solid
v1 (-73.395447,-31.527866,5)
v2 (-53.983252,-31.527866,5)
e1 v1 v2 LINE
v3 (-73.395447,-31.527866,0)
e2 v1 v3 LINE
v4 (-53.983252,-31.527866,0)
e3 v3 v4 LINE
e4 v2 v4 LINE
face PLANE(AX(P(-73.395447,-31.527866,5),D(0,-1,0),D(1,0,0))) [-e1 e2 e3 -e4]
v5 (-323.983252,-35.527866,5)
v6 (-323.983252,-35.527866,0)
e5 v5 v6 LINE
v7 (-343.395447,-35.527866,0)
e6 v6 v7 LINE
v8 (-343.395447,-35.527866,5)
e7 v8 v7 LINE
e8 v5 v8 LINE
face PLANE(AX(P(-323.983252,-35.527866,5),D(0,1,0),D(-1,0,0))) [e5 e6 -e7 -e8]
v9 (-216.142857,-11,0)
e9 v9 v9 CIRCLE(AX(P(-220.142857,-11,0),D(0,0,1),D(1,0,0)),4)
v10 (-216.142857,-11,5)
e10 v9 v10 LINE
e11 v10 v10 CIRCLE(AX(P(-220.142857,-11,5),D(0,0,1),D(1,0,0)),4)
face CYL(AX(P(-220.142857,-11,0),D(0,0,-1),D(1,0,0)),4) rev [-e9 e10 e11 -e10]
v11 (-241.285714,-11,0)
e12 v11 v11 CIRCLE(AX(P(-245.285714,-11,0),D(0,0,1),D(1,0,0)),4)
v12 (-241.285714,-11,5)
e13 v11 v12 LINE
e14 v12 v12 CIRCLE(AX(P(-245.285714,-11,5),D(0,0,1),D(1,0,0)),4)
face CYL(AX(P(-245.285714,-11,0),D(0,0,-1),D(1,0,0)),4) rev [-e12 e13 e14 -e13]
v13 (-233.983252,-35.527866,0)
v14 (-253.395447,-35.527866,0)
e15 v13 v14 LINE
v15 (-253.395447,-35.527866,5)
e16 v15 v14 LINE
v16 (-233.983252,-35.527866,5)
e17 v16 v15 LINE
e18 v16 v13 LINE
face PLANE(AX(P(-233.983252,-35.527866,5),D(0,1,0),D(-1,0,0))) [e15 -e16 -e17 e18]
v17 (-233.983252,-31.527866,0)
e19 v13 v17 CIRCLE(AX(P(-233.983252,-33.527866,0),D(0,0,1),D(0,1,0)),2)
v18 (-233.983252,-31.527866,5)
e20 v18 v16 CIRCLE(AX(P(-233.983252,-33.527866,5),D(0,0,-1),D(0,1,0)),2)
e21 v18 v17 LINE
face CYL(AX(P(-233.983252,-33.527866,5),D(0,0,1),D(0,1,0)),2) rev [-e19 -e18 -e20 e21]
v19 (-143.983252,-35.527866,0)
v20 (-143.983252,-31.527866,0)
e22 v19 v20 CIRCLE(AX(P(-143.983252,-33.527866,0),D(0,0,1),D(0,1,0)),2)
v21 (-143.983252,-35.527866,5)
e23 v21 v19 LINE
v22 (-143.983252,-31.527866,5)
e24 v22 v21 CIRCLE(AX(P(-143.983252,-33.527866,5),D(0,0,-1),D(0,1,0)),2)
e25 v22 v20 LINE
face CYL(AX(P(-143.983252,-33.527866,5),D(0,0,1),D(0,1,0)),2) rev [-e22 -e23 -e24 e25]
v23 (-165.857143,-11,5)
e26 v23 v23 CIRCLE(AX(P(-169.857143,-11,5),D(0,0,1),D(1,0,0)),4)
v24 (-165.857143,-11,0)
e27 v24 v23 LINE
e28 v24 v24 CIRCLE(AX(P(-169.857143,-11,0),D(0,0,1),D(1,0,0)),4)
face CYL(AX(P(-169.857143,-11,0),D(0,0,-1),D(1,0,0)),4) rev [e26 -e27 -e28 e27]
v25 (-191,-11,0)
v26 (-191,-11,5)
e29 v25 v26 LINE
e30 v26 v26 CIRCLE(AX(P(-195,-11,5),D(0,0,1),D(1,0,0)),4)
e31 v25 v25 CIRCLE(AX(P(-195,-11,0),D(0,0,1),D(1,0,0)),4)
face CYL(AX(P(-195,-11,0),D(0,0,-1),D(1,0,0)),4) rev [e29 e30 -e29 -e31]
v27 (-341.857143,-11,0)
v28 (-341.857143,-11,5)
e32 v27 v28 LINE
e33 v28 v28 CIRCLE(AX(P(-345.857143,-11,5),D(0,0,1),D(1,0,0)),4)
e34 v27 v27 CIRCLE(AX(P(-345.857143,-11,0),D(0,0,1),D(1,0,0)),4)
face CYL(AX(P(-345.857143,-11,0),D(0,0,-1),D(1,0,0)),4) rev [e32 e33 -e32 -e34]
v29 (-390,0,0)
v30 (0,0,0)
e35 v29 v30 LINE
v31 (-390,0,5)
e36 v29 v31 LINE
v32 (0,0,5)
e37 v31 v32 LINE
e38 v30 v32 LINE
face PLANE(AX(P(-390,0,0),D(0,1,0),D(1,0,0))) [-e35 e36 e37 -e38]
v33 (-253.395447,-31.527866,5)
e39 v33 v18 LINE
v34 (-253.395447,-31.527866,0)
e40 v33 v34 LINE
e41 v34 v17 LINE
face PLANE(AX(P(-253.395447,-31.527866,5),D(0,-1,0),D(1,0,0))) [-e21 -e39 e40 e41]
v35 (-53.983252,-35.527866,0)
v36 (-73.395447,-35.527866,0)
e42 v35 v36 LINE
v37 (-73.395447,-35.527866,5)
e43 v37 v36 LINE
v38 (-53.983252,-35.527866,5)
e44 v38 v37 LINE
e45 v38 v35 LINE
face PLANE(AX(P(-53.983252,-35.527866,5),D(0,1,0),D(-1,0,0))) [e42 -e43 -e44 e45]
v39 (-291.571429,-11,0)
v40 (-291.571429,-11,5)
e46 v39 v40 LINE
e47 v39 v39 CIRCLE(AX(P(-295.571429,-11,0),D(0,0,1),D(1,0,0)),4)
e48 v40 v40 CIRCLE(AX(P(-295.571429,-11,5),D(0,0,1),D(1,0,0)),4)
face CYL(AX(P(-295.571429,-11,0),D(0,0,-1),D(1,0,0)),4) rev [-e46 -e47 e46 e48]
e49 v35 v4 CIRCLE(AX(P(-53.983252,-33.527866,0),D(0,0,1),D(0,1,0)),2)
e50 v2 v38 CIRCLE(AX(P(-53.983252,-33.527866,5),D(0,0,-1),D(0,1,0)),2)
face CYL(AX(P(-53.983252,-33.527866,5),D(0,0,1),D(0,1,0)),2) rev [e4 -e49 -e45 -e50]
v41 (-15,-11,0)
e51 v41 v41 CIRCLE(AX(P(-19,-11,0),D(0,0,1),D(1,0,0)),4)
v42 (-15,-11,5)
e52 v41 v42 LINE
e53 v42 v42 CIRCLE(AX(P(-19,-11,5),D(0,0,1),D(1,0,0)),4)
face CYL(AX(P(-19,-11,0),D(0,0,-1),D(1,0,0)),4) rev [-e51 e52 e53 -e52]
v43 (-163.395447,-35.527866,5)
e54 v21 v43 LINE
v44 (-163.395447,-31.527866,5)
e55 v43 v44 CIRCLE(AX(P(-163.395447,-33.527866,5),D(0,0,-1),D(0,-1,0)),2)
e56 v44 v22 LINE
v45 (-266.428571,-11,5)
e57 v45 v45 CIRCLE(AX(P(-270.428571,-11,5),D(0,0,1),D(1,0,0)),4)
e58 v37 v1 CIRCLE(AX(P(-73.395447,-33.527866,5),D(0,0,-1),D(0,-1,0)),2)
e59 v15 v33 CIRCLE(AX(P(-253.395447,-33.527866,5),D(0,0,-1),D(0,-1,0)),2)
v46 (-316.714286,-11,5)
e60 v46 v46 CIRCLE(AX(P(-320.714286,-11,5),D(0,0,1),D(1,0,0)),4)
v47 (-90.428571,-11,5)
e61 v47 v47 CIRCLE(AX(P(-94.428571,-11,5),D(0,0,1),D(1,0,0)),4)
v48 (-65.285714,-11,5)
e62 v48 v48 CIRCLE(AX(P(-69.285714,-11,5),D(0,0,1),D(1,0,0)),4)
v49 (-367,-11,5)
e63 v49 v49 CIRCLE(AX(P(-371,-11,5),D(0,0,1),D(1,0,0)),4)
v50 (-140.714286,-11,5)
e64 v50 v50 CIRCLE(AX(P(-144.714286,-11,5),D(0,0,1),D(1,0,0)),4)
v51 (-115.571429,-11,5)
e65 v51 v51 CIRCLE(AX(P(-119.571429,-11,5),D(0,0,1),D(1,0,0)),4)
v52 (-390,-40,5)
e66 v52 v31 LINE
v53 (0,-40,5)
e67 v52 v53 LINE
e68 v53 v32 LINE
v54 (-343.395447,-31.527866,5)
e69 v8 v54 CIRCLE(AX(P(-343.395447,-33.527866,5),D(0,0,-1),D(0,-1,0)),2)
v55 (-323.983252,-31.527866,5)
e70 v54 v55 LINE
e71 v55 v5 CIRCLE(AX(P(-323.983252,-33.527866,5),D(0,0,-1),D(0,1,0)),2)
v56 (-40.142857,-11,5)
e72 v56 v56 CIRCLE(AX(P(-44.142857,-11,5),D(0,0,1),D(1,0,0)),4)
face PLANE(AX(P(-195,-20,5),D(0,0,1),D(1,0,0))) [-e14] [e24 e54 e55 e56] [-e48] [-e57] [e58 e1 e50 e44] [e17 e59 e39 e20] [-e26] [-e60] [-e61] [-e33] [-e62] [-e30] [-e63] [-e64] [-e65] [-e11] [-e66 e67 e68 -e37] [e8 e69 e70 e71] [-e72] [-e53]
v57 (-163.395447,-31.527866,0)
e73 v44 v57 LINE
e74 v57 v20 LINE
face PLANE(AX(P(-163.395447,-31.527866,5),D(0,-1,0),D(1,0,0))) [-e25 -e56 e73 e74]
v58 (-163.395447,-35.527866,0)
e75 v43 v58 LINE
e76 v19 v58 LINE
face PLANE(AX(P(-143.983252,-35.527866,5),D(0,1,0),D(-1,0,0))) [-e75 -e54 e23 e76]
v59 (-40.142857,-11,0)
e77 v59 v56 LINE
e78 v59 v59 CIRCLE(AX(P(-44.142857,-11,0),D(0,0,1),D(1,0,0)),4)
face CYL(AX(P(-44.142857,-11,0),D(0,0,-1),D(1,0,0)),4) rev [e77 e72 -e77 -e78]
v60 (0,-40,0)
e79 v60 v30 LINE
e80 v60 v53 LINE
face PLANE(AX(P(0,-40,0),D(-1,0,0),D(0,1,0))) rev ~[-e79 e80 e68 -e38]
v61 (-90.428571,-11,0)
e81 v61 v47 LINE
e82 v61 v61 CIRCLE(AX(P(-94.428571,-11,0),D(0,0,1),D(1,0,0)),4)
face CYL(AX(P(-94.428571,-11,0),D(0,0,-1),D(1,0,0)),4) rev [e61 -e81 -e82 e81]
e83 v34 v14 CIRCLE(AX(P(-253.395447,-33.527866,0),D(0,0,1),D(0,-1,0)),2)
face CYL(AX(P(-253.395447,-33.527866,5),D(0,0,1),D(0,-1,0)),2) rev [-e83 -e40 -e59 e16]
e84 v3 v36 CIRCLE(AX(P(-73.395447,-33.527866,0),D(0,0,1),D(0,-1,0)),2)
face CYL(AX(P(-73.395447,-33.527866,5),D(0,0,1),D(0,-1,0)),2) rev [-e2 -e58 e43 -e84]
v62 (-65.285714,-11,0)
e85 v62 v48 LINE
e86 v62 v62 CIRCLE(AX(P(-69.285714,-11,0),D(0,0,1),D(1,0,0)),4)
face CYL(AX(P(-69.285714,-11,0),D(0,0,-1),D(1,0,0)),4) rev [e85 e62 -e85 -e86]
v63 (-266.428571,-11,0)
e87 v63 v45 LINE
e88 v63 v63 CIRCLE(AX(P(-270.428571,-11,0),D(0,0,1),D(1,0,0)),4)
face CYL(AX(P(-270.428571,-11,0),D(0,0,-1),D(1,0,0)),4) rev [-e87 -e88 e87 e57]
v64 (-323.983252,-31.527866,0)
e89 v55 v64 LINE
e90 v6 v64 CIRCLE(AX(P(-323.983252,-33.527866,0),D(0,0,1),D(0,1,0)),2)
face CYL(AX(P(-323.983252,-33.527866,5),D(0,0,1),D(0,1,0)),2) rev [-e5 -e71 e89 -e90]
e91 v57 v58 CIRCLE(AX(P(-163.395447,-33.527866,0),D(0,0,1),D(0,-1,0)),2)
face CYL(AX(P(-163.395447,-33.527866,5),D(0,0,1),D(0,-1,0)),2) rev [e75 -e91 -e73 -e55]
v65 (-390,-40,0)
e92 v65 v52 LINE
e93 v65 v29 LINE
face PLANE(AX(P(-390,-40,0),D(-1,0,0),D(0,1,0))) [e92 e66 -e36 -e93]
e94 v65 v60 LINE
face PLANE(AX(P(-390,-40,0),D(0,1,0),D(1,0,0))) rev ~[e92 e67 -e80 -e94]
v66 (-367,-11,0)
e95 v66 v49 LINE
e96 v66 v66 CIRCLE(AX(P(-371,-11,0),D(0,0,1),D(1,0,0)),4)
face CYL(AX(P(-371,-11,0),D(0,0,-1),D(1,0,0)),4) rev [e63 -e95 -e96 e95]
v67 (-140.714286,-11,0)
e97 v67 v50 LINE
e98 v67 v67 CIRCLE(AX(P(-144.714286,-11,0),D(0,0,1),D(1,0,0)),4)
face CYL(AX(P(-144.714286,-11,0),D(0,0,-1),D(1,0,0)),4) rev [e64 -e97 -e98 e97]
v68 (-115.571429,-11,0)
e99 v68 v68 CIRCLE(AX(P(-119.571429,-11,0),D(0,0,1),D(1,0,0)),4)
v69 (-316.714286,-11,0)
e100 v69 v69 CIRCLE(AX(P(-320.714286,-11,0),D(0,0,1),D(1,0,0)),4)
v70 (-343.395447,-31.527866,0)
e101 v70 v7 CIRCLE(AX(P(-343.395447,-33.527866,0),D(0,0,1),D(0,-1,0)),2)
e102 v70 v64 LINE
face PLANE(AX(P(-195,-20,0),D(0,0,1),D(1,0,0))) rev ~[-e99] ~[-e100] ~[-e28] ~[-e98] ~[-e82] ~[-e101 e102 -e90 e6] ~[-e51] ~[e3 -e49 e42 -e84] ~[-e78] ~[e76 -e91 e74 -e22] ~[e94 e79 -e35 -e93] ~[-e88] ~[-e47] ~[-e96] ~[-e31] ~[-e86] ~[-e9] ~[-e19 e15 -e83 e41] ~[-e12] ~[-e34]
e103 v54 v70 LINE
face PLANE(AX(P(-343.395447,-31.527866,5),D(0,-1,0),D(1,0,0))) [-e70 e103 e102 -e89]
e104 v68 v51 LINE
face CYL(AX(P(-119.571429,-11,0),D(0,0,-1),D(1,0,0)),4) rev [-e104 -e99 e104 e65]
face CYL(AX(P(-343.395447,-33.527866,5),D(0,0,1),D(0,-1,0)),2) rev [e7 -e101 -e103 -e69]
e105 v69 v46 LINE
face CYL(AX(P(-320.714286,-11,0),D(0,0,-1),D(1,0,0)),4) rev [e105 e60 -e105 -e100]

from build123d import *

# Parameters (mm, degrees)
IZIM1_W                     = 390
IZIM1_H                     = 40
IZIM1_R                     = 4
Y_KSEKLIK_EKSTR_ZYON1_DEPTH = 5
KES_EKSTR_ZYON1_DEPTH       = 90


with BuildPart() as part:
    # Çizim1 → Yükseklik-Ekstrüzyon1 (new body)
    with BuildSketch(Plane.XY):
        with Locations((-195, -20)):
            Rectangle(IZIM1_W, IZIM1_H)
        with Locations((-371, -11)):
            Circle(IZIM1_R, mode=Mode.SUBTRACT)
        with Locations((-345.857142857, -11)):
            Circle(IZIM1_R, mode=Mode.SUBTRACT)
        with Locations((-320.714285714, -11)):
            Circle(IZIM1_R, mode=Mode.SUBTRACT)
        with Locations((-295.571428571, -11)):
            Circle(IZIM1_R, mode=Mode.SUBTRACT)
        with Locations((-270.428571429, -11)):
            Circle(IZIM1_R, mode=Mode.SUBTRACT)
        with Locations((-245.285714286, -11)):
            Circle(IZIM1_R, mode=Mode.SUBTRACT)
        with Locations((-220.142857143, -11)):
            Circle(IZIM1_R, mode=Mode.SUBTRACT)
        with Locations((-195, -11)):
            Circle(IZIM1_R, mode=Mode.SUBTRACT)
        with Locations((-169.857142857, -11)):
            Circle(IZIM1_R, mode=Mode.SUBTRACT)
        with Locations((-144.714285714, -11)):
            Circle(IZIM1_R, mode=Mode.SUBTRACT)
        with Locations((-119.571428571, -11)):
            Circle(IZIM1_R, mode=Mode.SUBTRACT)
        with Locations((-94.428571429, -11)):
            Circle(IZIM1_R, mode=Mode.SUBTRACT)
        with Locations((-69.285714286, -11)):
            Circle(IZIM1_R, mode=Mode.SUBTRACT)
        with Locations((-44.142857143, -11)):
            Circle(IZIM1_R, mode=Mode.SUBTRACT)
        with Locations((-19, -11)):
            Circle(IZIM1_R, mode=Mode.SUBTRACT)
    extrude(amount=Y_KSEKLIK_EKSTR_ZYON1_DEPTH)

    # Çizim2 → Kes-Ekstrüzyon1 (cut)
    with BuildSketch(Plane.XY.offset(5)):
        with BuildLine():
            Line((-343.395447279, -31.527866379), (-323.983252141, -31.527866379))
            ThreePointArc((-323.983252141, -31.527866379), (-321.983252141, -33.527866379), (-323.983252141, -35.527866379))
            Line((-323.983252141, -35.527866379), (-343.395447279, -35.527866379))
            ThreePointArc((-343.395447279, -35.527866379), (-345.395447279, -33.527866379), (-343.395447279, -31.527866379))
        make_face()
        with BuildLine():
            Line((-253.395447279, -31.527866379), (-233.983252141, -31.527866379))
            ThreePointArc((-233.983252141, -31.527866379), (-231.983252141, -33.527866379), (-233.983252141, -35.527866379))
            Line((-233.983252141, -35.527866379), (-253.395447279, -35.527866379))
            ThreePointArc((-253.395447279, -35.527866379), (-255.395447279, -33.527866379), (-253.395447279, -31.527866379))
        make_face()
        with BuildLine():
            Line((-163.395447279, -31.527866379), (-143.983252141, -31.527866379))
            ThreePointArc((-143.983252141, -31.527866379), (-141.983252141, -33.527866379), (-143.983252141, -35.527866379))
            Line((-143.983252141, -35.527866379), (-163.395447279, -35.527866379))
            ThreePointArc((-163.395447279, -35.527866379), (-165.395447279, -33.527866379), (-163.395447279, -31.527866379))
        make_face()
        with BuildLine():
            Line((-73.395447279, -31.527866379), (-53.983252141, -31.527866379))
            ThreePointArc((-53.983252141, -31.527866379), (-51.983252141, -33.527866379), (-53.983252141, -35.527866379))
            Line((-53.983252141, -35.527866379), (-73.395447279, -35.527866379))
            ThreePointArc((-73.395447279, -35.527866379), (-75.395447279, -33.527866379), (-73.395447279, -31.527866379))
        make_face()
    extrude(amount=-KES_EKSTR_ZYON1_DEPTH, mode=Mode.SUBTRACT)


solid = part.part
